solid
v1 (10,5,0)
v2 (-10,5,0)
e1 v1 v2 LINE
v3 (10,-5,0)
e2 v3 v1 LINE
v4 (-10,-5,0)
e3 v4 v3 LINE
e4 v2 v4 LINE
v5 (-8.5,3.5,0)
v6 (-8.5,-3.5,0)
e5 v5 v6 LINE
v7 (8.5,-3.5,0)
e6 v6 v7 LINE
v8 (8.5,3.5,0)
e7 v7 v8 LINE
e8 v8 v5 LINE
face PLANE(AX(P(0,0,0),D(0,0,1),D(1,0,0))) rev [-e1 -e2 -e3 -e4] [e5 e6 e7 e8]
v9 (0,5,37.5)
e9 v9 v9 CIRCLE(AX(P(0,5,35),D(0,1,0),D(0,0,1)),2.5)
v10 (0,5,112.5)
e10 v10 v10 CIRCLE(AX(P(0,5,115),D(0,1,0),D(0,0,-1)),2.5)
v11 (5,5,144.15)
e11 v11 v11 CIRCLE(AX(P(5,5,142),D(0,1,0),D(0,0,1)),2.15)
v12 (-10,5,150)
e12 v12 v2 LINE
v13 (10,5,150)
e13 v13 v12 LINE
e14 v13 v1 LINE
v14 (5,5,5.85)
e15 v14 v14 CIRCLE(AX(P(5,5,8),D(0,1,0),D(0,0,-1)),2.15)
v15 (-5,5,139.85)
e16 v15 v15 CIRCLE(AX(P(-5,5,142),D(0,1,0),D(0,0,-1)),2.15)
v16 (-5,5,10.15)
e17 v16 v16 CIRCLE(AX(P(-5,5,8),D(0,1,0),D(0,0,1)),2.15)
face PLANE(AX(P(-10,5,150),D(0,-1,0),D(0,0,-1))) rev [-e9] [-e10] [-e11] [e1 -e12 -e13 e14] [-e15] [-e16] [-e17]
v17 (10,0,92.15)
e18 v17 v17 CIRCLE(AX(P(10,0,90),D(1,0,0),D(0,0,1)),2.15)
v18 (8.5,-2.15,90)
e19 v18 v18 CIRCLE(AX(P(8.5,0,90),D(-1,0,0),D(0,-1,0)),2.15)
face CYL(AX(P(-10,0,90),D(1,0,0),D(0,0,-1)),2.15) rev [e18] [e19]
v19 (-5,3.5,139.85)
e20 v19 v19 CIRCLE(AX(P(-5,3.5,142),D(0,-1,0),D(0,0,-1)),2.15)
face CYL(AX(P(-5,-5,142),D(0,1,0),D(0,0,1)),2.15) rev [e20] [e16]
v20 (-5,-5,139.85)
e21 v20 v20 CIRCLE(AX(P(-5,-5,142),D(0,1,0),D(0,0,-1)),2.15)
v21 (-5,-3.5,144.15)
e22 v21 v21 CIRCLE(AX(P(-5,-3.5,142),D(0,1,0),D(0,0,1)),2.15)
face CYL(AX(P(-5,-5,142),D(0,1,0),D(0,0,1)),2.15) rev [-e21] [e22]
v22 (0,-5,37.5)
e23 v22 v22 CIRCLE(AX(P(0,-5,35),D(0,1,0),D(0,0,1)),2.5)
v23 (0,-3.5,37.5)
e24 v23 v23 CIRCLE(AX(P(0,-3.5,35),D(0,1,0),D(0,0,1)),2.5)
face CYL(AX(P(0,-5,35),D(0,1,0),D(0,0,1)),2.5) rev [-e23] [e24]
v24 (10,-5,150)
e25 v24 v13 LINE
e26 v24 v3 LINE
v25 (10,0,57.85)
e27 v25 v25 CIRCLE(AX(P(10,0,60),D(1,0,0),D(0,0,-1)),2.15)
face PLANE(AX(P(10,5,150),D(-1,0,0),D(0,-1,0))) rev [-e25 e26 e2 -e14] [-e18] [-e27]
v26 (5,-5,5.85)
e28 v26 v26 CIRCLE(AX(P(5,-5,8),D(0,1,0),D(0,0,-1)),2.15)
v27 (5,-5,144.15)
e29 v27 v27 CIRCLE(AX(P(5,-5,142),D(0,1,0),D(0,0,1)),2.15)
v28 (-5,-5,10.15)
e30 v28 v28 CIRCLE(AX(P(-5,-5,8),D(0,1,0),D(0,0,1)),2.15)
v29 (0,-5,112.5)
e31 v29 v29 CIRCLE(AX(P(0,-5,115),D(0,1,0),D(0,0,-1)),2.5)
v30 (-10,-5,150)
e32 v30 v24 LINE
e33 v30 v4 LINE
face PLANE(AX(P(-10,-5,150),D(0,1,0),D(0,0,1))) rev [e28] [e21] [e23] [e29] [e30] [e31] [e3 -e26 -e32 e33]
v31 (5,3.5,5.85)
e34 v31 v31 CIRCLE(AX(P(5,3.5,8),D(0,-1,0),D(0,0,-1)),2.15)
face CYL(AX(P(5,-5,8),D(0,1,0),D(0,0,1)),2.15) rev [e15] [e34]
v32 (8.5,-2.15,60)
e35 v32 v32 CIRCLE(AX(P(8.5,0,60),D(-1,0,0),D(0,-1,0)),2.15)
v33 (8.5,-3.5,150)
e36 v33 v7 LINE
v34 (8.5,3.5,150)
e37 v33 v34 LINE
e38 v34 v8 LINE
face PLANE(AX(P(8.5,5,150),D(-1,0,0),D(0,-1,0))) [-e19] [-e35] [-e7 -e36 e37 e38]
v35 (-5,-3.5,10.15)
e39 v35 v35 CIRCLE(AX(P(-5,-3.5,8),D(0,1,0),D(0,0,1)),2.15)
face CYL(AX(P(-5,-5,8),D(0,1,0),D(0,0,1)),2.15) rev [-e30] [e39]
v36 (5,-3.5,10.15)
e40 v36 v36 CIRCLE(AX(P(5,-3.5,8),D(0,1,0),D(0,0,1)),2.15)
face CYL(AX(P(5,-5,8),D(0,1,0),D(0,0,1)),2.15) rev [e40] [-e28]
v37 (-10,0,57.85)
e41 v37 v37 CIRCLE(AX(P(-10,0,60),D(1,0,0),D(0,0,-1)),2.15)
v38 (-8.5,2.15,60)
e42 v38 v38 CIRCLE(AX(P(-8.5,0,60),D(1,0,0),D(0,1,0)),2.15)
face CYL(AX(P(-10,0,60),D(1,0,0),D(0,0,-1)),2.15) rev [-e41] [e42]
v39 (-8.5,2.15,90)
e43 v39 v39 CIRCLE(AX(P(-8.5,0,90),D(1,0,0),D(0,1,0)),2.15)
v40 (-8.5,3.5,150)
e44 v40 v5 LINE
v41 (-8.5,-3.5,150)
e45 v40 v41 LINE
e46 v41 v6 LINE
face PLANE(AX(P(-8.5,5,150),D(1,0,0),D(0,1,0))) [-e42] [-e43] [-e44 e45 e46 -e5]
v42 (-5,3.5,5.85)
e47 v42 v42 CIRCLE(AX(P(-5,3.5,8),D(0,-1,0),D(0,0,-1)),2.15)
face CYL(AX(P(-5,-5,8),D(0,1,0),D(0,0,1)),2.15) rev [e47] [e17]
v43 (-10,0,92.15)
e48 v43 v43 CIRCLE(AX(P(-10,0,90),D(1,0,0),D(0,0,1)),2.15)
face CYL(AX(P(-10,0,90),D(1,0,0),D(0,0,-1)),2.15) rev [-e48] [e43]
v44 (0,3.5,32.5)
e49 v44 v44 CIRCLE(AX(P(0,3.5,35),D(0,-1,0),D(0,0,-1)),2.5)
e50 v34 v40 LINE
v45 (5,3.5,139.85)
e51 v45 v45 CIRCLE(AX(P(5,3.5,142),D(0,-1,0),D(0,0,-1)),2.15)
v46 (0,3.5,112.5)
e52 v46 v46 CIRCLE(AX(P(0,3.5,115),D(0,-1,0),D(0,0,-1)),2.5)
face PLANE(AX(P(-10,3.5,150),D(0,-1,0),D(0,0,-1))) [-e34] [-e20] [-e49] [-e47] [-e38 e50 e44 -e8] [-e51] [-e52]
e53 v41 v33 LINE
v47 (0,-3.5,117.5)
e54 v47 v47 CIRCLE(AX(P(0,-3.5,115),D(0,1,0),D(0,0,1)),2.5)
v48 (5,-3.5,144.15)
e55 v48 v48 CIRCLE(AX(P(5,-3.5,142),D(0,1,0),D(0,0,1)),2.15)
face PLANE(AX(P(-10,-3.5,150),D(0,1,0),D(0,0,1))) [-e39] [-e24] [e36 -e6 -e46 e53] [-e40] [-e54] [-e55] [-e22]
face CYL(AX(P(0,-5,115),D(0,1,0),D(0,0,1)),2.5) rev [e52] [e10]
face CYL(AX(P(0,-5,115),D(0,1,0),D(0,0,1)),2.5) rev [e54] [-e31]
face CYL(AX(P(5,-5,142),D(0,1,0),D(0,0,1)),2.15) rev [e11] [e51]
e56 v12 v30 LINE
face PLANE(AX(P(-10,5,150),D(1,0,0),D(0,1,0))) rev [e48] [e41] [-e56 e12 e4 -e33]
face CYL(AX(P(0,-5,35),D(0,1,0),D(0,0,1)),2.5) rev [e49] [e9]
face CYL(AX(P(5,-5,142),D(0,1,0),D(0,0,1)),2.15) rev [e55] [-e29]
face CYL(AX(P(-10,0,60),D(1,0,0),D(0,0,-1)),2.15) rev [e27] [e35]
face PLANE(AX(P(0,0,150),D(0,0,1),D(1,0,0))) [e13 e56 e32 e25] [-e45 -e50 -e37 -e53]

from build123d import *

# Parameters (mm, degrees)
SKETCH_1_W          = 20
SKETCH_1_H          = 10
SKETCH_1_W_2        = 17
SKETCH_1_H_2        = 7
EXTRUDE_1_DEPTH     = 150
SKETCH_2_R          = 2.15
SKETCH_2_R_2        = 2.5
CUT_EXTRUDE_1_DEPTH = 151.665191733
SKETCH_3_R          = 2.15
CUT_EXTRUDE_2_DEPTH = 152.410039297


with BuildPart() as part:
    # ｽｹｯﾁ1 → 押し出し-薄板1 (new body)
    with BuildSketch(Plane.XY):
        Rectangle(SKETCH_1_W, SKETCH_1_H)
        Rectangle(SKETCH_1_W_2, SKETCH_1_H_2, mode=Mode.SUBTRACT)
    extrude(amount=EXTRUDE_1_DEPTH)

    # ｽｹｯﾁ2 → ｶｯﾄ - 押し出し1 (cut, through all)
    with BuildSketch(Plane(origin=(0, 5, 0), x_dir=(1, 0, 0), z_dir=(0, 1, 0))):
        with Locations(Location((5, -142, 0), (0, 0, 270))):
            Circle(SKETCH_2_R)
        with Locations(Location((-5, -142, 0), (0, 0, 270))):
            Circle(SKETCH_2_R)
        with Locations(Location((5, -8, 0), (0, 0, 270))):
            Circle(SKETCH_2_R)
        with Locations(Location((-5, -8, 0), (0, 0, 270))):
            Circle(SKETCH_2_R)
        with Locations(Location((0, -35, 0), (0, 0, 270))):
            Circle(SKETCH_2_R_2)
        with Locations(Location((0, -115, 0), (0, 0, 270))):
            Circle(SKETCH_2_R_2)
    extrude(amount=-CUT_EXTRUDE_1_DEPTH, mode=Mode.SUBTRACT)

    # ｽｹｯﾁ3 → ｶｯﾄ - 押し出し2 (cut, through all)
    with BuildSketch(Plane(origin=(10, 0, 0), x_dir=(0, 0, -1), z_dir=(1, 0, 0))):
        with Locations((-60, 0)):
            Circle(SKETCH_3_R)
        with Locations(Location((-90, 0, 0), (0, 0, 90))):
            Circle(SKETCH_3_R)
    extrude(amount=-CUT_EXTRUDE_2_DEPTH, mode=Mode.SUBTRACT)


solid = part.part
